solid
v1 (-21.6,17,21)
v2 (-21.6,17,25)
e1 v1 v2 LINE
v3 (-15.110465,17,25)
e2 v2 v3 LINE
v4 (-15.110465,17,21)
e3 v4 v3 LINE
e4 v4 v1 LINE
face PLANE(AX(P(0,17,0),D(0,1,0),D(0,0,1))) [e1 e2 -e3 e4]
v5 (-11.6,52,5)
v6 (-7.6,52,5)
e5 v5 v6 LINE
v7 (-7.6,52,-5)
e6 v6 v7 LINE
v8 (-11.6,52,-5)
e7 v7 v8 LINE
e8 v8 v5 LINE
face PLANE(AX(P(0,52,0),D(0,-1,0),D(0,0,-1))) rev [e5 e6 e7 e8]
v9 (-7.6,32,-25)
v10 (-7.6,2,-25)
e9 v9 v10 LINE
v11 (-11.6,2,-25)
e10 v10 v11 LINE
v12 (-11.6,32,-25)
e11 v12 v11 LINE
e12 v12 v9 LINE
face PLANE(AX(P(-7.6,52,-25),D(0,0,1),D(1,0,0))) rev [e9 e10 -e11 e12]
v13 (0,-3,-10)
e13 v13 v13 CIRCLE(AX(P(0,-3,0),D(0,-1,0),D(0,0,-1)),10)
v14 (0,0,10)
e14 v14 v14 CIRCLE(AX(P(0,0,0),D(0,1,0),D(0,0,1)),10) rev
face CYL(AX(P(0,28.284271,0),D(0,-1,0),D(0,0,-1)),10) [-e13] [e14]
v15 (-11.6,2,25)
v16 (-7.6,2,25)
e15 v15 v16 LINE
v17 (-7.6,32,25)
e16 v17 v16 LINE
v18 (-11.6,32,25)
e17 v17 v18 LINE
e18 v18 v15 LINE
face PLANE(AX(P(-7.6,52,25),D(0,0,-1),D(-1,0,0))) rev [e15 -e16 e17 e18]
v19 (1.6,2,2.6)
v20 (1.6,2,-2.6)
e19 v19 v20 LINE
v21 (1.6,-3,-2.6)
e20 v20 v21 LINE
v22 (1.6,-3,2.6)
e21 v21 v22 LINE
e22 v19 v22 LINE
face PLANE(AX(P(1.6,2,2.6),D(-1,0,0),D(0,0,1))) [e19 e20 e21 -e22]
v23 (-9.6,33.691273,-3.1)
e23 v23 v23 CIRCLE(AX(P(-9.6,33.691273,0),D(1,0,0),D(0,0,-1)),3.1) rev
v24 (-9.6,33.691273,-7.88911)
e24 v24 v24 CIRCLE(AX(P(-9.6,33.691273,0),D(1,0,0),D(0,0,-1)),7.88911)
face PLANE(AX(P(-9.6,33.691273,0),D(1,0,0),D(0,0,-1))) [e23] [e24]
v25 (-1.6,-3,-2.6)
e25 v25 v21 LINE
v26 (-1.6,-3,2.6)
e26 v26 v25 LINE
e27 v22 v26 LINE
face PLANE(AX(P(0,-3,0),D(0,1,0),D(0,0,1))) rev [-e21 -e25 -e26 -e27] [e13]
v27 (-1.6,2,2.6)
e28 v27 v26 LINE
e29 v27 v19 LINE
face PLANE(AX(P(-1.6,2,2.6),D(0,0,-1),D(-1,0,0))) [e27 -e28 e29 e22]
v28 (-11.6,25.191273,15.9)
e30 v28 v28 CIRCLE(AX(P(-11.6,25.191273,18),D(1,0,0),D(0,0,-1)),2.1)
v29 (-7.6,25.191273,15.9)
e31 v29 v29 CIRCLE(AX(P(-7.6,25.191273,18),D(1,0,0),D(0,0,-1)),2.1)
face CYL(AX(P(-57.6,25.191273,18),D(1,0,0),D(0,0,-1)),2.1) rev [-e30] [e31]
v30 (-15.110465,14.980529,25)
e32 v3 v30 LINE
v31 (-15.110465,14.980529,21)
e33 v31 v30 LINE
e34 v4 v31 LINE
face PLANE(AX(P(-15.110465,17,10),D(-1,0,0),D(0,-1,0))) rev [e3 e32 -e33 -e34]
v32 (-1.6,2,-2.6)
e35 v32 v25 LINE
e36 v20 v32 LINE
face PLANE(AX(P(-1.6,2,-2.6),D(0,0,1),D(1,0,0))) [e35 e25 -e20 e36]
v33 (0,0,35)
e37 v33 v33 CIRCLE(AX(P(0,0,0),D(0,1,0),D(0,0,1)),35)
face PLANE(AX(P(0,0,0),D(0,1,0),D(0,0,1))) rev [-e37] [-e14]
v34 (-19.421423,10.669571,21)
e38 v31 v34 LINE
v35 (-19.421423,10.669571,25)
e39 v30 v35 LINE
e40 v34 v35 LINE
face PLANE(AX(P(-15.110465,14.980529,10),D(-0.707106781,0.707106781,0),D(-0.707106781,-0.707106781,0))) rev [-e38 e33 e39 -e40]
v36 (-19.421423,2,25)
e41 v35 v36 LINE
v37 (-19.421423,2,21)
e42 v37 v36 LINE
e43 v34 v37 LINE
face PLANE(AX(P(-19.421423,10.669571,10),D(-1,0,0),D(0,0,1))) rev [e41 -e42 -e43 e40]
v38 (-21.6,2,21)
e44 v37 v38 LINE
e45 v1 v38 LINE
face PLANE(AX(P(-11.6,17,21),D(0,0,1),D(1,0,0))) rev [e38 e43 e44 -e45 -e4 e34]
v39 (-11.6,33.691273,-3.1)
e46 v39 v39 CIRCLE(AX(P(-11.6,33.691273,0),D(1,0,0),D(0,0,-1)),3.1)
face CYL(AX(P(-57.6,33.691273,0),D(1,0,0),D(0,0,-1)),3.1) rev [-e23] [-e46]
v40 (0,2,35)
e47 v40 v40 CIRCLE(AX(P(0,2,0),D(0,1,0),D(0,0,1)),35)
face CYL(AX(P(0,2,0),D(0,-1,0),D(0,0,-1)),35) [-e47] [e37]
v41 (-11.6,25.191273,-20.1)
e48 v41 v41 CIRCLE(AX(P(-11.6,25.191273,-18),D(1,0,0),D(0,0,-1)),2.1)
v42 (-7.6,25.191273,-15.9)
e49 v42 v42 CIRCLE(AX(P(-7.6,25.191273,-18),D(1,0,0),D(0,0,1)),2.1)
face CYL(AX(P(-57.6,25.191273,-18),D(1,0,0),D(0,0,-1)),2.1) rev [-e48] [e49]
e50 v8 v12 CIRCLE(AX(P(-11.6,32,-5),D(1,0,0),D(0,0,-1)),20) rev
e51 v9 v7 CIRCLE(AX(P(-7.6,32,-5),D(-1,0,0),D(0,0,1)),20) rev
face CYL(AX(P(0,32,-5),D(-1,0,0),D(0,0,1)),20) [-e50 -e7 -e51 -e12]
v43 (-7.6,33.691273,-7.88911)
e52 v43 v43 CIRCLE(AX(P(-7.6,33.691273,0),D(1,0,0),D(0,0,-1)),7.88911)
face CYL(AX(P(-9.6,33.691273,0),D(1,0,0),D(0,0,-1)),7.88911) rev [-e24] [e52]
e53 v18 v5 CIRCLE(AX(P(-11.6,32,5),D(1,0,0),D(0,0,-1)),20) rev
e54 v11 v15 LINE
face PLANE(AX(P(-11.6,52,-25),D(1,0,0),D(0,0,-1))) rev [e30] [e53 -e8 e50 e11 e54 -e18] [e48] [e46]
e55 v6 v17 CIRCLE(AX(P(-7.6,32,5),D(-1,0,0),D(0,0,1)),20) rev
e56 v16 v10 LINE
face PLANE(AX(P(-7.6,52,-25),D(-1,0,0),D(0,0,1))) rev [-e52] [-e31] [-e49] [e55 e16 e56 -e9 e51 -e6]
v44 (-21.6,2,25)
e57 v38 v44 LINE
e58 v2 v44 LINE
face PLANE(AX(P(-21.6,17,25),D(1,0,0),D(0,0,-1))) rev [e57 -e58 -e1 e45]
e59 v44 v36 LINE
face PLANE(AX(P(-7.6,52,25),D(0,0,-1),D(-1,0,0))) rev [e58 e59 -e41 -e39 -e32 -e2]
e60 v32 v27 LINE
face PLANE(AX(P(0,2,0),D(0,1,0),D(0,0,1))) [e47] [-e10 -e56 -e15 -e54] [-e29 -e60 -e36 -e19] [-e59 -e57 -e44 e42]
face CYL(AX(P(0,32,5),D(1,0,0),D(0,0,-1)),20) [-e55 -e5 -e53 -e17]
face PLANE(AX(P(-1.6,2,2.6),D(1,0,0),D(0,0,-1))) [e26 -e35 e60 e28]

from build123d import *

# Parameters (mm, degrees)
SKETCH1_R           = 35
SKETCH1_W           = 3.2
SKETCH1_H           = 5.2
BOSS_EXTRUDE1_DEPTH = 2
SKETCH2_W           = 7.2
SKETCH2_H           = 9.2
SKETCH2_W_2         = 3.2
SKETCH2_H_2         = 5.2
BOSS_EXTRUDE2_DEPTH = 3
SKETCH3_W           = 4
SKETCH3_H           = 50
BOSS_EXTRUDE3_DEPTH = 50
SKETCH4_R           = 3.1
SKETCH4_R_2         = 2.1
CUT_EXTRUDE1_DEPTH  = 50
FILLET1_R           = 20
SKETCH6_W           = 10
SKETCH6_H           = 4
BOSS_EXTRUDE4_DEPTH = 15
CUT_EXTRUDE2_DEPTH  = 15
SKETCH8_R           = 7.889109842
CUT_EXTRUDE3_DEPTH  = 2
SKETCH9_R           = 10
SKETCH9_W           = 7.2
SKETCH9_H           = 9.2
BOSS_EXTRUDE5_DEPTH = 3


with BuildPart() as part:
    # Sketch1 → Boss-Extrude1 (new body)
    with BuildSketch(Plane(origin=(0, 0, 0), x_dir=(1, 0, 0), z_dir=(0, 1, 0))):
        with Locations(Location((0, 0, 0), (0, 0, 270))):
            Circle(SKETCH1_R)
        Rectangle(SKETCH1_W, SKETCH1_H, mode=Mode.SUBTRACT)
    extrude(amount=BOSS_EXTRUDE1_DEPTH)

    # Sketch2 → Boss-Extrude2 (add)
    with BuildSketch(Plane.XZ):
        Rectangle(SKETCH2_W, SKETCH2_H)
        Rectangle(SKETCH2_W_2, SKETCH2_H_2, mode=Mode.SUBTRACT)
    extrude(amount=BOSS_EXTRUDE2_DEPTH)

    # Sketch3 → Boss-Extrude3 (add)
    with BuildSketch(Plane(origin=(0, 2, 0), x_dir=(1, 0, 0), z_dir=(0, 1, 0))):
        with Locations((-9.6, 0)):
            Rectangle(SKETCH3_W, SKETCH3_H)
    extrude(amount=BOSS_EXTRUDE3_DEPTH)

    # Sketch4 → Cut-Extrude1 (cut)
    with BuildSketch(Plane(origin=(-7.6, 0, 0), x_dir=(0, 0, -1), z_dir=(1, 0, 0))):
        with Locations((0, 33.691273446)):
            Circle(SKETCH4_R)
        with Locations((-18, 25.191273446)):
            Circle(SKETCH4_R_2)
        with Locations((18, 25.191273446)):
            Circle(SKETCH4_R_2)
    extrude(amount=-CUT_EXTRUDE1_DEPTH, mode=Mode.SUBTRACT)

    # Fillet1
    fillet1_edges = [part.edges().sort_by_distance(p)[0] for p in [
        (-9.6, 52, 25),
        (-9.6, 52, -25),
    ]]
    fillet(fillet1_edges, radius=FILLET1_R)

    # Sketch6 → Boss-Extrude4 (add)
    with BuildSketch(Plane(origin=(0, 2, 0), x_dir=(1, 0, 0), z_dir=(0, 1, 0))):
        with Locations((-16.6, -23)):
            Rectangle(SKETCH6_W, SKETCH6_H)
    extrude(amount=BOSS_EXTRUDE4_DEPTH)

    # Sketch7 → Cut-Extrude2 (cut)
    with BuildSketch(Plane.XY.offset(25)):
        Polygon((-11.6, 2), (-11.6, 17), (-15.110464725, 17), (-15.110464725, 14.98052876), (-19.421422774, 10.669570711), (-19.421422774, 2), align=None)
    extrude(amount=-CUT_EXTRUDE2_DEPTH, mode=Mode.SUBTRACT)

    # Sketch8 → Cut-Extrude3 (cut)
    with BuildSketch(Plane(origin=(-7.6, 0, 0), x_dir=(0, 0, -1), z_dir=(1, 0, 0))):
        with Locations((0, 33.691273446)):
            Circle(SKETCH8_R)
    extrude(amount=-CUT_EXTRUDE3_DEPTH, mode=Mode.SUBTRACT)

    # Sketch9 → Boss-Extrude5 (add)
    with BuildSketch(Plane.XZ.offset(3)):
        with Locations(Location((0, 0, 0), (0, 0, 270))):
            Circle(SKETCH9_R)
        Rectangle(SKETCH9_W, SKETCH9_H, mode=Mode.SUBTRACT)
    extrude(amount=-BOSS_EXTRUDE5_DEPTH)


solid = part.part
